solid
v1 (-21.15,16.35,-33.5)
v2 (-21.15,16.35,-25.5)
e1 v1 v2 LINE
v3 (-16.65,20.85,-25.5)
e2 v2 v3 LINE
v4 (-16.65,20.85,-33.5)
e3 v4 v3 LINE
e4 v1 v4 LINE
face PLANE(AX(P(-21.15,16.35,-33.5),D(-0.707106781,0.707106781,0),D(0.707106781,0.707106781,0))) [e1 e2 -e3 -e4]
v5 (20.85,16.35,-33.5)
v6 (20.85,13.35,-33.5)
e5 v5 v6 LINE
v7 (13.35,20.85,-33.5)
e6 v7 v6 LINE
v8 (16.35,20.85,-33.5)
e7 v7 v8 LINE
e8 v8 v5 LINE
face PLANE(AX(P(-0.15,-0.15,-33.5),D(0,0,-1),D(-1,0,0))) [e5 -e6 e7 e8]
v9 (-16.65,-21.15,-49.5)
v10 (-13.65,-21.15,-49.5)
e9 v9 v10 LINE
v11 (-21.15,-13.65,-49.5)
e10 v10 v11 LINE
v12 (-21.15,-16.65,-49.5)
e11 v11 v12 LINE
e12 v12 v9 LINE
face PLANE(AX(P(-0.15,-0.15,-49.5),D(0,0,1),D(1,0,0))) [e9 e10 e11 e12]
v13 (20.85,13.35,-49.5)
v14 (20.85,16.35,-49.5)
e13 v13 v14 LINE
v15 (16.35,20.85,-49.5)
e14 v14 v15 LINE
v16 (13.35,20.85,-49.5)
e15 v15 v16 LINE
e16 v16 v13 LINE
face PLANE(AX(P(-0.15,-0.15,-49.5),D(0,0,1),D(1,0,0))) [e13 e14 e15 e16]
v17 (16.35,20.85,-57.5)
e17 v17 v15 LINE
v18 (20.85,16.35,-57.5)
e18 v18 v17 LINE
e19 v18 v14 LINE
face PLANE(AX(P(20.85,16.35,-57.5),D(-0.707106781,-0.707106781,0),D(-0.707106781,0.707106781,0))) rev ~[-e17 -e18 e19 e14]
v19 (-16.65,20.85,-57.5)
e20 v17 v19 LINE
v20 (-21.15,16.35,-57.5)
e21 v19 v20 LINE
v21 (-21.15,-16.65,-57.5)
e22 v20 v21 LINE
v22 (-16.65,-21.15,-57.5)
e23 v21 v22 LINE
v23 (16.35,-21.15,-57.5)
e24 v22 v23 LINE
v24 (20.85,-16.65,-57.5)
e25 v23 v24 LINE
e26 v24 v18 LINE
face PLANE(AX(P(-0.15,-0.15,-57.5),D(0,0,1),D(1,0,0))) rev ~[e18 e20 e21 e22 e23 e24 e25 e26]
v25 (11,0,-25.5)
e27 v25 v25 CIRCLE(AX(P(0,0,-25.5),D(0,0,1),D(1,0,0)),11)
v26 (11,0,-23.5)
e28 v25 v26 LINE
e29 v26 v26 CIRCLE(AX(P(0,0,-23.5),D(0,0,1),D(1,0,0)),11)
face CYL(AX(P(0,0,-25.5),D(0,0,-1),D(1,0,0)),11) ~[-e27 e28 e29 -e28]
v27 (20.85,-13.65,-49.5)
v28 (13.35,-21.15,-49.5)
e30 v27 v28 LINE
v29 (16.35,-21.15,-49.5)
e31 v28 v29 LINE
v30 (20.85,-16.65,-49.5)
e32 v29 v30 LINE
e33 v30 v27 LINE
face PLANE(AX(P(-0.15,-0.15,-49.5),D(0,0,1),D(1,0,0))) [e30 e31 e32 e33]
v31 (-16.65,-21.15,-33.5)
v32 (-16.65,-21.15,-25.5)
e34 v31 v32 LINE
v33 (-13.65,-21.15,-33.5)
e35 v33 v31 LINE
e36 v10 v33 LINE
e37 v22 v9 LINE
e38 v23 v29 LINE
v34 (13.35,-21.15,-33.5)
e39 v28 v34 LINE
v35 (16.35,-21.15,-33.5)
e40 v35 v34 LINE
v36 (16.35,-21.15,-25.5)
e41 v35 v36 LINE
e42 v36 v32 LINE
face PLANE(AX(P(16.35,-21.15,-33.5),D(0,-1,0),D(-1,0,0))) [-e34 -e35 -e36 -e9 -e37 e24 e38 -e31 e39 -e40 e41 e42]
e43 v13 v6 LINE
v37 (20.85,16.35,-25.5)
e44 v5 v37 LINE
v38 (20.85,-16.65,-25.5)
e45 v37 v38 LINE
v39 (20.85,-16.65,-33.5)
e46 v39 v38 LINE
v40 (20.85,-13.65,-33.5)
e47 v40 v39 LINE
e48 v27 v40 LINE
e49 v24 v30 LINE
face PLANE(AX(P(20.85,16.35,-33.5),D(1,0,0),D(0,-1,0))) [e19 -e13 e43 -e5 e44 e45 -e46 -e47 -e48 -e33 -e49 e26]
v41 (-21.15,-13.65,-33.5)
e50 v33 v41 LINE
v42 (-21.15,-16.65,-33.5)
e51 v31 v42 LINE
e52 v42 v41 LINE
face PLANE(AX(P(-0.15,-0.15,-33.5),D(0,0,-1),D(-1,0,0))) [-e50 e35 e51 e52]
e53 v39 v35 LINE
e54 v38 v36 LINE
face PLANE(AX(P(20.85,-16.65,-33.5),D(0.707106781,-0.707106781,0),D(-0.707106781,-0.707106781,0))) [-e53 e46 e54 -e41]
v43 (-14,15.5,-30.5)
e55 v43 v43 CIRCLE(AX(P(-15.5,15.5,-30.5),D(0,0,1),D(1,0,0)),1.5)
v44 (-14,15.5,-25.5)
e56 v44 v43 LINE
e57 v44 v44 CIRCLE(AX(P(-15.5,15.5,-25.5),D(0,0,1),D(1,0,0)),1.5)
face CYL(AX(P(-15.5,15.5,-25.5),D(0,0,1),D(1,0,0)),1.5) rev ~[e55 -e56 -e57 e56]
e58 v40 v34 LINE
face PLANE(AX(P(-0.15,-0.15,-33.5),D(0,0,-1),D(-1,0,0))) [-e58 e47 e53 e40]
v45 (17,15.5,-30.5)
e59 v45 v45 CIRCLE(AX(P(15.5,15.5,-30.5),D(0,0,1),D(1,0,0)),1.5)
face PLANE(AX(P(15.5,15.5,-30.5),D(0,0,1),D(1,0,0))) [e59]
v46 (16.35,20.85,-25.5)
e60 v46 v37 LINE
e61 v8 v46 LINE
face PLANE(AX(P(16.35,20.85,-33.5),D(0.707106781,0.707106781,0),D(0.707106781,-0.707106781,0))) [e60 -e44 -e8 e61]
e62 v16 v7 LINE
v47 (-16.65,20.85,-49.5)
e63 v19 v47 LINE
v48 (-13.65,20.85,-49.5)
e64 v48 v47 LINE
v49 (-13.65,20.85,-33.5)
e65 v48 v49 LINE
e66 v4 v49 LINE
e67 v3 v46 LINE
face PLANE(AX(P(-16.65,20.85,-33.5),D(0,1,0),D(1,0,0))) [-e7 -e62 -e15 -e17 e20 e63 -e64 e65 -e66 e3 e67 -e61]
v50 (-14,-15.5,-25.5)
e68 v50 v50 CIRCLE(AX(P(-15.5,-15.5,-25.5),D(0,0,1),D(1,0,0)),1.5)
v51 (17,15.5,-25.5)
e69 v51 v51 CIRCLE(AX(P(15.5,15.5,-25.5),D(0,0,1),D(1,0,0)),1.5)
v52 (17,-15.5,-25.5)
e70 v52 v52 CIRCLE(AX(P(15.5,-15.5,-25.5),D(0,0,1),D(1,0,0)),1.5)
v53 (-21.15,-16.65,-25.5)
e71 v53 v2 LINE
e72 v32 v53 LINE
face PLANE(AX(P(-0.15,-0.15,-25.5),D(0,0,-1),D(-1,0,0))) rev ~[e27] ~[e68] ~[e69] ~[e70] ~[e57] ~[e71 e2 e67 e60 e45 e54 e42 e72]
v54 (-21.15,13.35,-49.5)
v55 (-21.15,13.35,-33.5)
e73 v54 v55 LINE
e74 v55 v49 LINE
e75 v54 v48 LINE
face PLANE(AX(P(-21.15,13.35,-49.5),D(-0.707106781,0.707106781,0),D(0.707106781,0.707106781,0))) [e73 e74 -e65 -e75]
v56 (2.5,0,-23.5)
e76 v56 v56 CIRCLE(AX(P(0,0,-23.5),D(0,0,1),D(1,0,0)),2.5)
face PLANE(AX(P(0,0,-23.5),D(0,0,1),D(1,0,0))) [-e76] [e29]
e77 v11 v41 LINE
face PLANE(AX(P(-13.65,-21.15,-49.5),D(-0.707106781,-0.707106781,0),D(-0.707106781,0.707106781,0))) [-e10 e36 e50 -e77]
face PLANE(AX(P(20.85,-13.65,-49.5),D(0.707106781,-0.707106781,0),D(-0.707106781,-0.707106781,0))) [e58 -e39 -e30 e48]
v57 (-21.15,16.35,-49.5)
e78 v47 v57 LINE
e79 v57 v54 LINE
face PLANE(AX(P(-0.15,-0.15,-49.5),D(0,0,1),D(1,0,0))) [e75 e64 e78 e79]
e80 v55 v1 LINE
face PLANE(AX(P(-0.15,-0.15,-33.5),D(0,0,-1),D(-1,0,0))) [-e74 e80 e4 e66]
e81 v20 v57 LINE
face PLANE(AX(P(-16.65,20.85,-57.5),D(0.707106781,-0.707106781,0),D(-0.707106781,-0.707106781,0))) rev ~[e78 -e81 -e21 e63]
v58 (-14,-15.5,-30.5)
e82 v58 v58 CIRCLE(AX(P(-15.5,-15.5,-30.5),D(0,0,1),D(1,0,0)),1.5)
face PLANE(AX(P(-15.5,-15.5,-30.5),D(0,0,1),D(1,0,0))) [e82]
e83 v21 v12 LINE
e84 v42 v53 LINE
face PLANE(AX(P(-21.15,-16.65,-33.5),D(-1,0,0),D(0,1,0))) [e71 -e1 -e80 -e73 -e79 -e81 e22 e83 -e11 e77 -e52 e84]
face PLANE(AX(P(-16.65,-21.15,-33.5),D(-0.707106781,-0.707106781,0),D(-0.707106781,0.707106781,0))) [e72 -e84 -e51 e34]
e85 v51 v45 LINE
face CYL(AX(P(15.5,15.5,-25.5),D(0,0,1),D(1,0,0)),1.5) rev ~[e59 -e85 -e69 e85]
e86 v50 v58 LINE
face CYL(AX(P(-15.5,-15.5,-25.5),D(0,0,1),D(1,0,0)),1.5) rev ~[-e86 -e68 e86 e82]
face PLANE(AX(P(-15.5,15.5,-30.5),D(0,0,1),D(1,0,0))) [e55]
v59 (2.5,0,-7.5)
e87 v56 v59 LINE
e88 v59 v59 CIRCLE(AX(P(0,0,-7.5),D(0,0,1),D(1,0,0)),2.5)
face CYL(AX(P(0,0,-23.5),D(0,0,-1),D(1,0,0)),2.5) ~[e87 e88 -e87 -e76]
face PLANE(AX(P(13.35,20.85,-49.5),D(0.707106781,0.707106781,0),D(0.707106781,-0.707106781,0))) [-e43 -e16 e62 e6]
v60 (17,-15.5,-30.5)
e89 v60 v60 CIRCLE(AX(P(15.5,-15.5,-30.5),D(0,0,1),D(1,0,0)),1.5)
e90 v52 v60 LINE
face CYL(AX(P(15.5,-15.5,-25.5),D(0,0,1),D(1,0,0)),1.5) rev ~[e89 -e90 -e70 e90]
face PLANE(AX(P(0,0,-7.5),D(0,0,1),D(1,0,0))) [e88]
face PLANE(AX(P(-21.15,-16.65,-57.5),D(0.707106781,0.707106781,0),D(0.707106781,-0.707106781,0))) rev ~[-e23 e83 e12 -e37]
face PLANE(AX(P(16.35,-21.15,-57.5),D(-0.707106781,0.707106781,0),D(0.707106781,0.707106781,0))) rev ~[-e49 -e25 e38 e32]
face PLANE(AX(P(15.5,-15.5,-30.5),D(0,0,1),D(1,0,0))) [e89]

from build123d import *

# Parameters (mm, degrees)
PAD_DEPTH    = 8
PAD001_DEPTH = 16
PAD002_DEPTH = 8
SKETCH004_R  = 11
PAD003_DEPTH = 2
SKETCH005_R  = 2.5
PAD004_DEPTH = 16
SKETCH006_R  = 1.5
POCKET_DEPTH = 5


with BuildPart() as part:
    # Sketch → Pad (new body)
    with BuildSketch(Plane.XY):
        Polygon((4.5, -4.5), (37.5, -4.5), (42, 0), (42, 33), (37.5, 37.5), (4.5, 37.5), (0, 33), (0, 0), align=None)
    extrude(amount=PAD_DEPTH)

    # Sketch002 (on Face10 of Pad) → Pad001 (join)
    with BuildSketch(Plane.XY.offset(8)):
        Polygon((7.5, 37.5), (34.5, 37.5), (42, 30), (42, 3), (34.5, -4.5), (7.5, -4.5), (0, 3), (0, 30), align=None)
    extrude(amount=PAD001_DEPTH)

    # Sketch003 (on Face15 of Pad001) → Pad002 (join)
    with BuildSketch(Plane.XY.offset(24)):
        Polygon((4.5, 37.5), (37.5, 37.5), (42, 33), (42, 0), (37.5, -4.5), (4.5, -4.5), (0, 0), (0, 33), align=None)
    extrude(amount=PAD002_DEPTH)

    # Sketch004 (on Face7 of Pad002) → Pad003 (join)
    with BuildSketch(Plane.XY.offset(32)):
        with Locations((21.15, 16.65)):
            Circle(SKETCH004_R)
    extrude(amount=PAD003_DEPTH)

    # Sketch005 (on Face27 of Pad003) → Pad004 (join)
    with BuildSketch(Plane.XY.offset(34)):
        with Locations((21.15, 16.65)):
            Circle(SKETCH005_R)
    extrude(amount=PAD004_DEPTH)

    # Sketch006 (on Face7 of Pad004) → Pocket (cut)
    with BuildSketch(Plane.XY.offset(32)):
        with Locations((5.65, 1.15)):
            Circle(SKETCH006_R)
        with Locations((36.65, 1.15)):
            Circle(SKETCH006_R)
        with Locations((36.65, 32.15)):
            Circle(SKETCH006_R)
        with Locations((5.65, 32.15)):
            Circle(SKETCH006_R)
    extrude(amount=-POCKET_DEPTH, mode=Mode.SUBTRACT)


with BuildPart() as part_1:
    # Body placement: moved
    add(part.part.moved(Location((-21.15, -16.65, -57.5))))


solid = part_1.part
